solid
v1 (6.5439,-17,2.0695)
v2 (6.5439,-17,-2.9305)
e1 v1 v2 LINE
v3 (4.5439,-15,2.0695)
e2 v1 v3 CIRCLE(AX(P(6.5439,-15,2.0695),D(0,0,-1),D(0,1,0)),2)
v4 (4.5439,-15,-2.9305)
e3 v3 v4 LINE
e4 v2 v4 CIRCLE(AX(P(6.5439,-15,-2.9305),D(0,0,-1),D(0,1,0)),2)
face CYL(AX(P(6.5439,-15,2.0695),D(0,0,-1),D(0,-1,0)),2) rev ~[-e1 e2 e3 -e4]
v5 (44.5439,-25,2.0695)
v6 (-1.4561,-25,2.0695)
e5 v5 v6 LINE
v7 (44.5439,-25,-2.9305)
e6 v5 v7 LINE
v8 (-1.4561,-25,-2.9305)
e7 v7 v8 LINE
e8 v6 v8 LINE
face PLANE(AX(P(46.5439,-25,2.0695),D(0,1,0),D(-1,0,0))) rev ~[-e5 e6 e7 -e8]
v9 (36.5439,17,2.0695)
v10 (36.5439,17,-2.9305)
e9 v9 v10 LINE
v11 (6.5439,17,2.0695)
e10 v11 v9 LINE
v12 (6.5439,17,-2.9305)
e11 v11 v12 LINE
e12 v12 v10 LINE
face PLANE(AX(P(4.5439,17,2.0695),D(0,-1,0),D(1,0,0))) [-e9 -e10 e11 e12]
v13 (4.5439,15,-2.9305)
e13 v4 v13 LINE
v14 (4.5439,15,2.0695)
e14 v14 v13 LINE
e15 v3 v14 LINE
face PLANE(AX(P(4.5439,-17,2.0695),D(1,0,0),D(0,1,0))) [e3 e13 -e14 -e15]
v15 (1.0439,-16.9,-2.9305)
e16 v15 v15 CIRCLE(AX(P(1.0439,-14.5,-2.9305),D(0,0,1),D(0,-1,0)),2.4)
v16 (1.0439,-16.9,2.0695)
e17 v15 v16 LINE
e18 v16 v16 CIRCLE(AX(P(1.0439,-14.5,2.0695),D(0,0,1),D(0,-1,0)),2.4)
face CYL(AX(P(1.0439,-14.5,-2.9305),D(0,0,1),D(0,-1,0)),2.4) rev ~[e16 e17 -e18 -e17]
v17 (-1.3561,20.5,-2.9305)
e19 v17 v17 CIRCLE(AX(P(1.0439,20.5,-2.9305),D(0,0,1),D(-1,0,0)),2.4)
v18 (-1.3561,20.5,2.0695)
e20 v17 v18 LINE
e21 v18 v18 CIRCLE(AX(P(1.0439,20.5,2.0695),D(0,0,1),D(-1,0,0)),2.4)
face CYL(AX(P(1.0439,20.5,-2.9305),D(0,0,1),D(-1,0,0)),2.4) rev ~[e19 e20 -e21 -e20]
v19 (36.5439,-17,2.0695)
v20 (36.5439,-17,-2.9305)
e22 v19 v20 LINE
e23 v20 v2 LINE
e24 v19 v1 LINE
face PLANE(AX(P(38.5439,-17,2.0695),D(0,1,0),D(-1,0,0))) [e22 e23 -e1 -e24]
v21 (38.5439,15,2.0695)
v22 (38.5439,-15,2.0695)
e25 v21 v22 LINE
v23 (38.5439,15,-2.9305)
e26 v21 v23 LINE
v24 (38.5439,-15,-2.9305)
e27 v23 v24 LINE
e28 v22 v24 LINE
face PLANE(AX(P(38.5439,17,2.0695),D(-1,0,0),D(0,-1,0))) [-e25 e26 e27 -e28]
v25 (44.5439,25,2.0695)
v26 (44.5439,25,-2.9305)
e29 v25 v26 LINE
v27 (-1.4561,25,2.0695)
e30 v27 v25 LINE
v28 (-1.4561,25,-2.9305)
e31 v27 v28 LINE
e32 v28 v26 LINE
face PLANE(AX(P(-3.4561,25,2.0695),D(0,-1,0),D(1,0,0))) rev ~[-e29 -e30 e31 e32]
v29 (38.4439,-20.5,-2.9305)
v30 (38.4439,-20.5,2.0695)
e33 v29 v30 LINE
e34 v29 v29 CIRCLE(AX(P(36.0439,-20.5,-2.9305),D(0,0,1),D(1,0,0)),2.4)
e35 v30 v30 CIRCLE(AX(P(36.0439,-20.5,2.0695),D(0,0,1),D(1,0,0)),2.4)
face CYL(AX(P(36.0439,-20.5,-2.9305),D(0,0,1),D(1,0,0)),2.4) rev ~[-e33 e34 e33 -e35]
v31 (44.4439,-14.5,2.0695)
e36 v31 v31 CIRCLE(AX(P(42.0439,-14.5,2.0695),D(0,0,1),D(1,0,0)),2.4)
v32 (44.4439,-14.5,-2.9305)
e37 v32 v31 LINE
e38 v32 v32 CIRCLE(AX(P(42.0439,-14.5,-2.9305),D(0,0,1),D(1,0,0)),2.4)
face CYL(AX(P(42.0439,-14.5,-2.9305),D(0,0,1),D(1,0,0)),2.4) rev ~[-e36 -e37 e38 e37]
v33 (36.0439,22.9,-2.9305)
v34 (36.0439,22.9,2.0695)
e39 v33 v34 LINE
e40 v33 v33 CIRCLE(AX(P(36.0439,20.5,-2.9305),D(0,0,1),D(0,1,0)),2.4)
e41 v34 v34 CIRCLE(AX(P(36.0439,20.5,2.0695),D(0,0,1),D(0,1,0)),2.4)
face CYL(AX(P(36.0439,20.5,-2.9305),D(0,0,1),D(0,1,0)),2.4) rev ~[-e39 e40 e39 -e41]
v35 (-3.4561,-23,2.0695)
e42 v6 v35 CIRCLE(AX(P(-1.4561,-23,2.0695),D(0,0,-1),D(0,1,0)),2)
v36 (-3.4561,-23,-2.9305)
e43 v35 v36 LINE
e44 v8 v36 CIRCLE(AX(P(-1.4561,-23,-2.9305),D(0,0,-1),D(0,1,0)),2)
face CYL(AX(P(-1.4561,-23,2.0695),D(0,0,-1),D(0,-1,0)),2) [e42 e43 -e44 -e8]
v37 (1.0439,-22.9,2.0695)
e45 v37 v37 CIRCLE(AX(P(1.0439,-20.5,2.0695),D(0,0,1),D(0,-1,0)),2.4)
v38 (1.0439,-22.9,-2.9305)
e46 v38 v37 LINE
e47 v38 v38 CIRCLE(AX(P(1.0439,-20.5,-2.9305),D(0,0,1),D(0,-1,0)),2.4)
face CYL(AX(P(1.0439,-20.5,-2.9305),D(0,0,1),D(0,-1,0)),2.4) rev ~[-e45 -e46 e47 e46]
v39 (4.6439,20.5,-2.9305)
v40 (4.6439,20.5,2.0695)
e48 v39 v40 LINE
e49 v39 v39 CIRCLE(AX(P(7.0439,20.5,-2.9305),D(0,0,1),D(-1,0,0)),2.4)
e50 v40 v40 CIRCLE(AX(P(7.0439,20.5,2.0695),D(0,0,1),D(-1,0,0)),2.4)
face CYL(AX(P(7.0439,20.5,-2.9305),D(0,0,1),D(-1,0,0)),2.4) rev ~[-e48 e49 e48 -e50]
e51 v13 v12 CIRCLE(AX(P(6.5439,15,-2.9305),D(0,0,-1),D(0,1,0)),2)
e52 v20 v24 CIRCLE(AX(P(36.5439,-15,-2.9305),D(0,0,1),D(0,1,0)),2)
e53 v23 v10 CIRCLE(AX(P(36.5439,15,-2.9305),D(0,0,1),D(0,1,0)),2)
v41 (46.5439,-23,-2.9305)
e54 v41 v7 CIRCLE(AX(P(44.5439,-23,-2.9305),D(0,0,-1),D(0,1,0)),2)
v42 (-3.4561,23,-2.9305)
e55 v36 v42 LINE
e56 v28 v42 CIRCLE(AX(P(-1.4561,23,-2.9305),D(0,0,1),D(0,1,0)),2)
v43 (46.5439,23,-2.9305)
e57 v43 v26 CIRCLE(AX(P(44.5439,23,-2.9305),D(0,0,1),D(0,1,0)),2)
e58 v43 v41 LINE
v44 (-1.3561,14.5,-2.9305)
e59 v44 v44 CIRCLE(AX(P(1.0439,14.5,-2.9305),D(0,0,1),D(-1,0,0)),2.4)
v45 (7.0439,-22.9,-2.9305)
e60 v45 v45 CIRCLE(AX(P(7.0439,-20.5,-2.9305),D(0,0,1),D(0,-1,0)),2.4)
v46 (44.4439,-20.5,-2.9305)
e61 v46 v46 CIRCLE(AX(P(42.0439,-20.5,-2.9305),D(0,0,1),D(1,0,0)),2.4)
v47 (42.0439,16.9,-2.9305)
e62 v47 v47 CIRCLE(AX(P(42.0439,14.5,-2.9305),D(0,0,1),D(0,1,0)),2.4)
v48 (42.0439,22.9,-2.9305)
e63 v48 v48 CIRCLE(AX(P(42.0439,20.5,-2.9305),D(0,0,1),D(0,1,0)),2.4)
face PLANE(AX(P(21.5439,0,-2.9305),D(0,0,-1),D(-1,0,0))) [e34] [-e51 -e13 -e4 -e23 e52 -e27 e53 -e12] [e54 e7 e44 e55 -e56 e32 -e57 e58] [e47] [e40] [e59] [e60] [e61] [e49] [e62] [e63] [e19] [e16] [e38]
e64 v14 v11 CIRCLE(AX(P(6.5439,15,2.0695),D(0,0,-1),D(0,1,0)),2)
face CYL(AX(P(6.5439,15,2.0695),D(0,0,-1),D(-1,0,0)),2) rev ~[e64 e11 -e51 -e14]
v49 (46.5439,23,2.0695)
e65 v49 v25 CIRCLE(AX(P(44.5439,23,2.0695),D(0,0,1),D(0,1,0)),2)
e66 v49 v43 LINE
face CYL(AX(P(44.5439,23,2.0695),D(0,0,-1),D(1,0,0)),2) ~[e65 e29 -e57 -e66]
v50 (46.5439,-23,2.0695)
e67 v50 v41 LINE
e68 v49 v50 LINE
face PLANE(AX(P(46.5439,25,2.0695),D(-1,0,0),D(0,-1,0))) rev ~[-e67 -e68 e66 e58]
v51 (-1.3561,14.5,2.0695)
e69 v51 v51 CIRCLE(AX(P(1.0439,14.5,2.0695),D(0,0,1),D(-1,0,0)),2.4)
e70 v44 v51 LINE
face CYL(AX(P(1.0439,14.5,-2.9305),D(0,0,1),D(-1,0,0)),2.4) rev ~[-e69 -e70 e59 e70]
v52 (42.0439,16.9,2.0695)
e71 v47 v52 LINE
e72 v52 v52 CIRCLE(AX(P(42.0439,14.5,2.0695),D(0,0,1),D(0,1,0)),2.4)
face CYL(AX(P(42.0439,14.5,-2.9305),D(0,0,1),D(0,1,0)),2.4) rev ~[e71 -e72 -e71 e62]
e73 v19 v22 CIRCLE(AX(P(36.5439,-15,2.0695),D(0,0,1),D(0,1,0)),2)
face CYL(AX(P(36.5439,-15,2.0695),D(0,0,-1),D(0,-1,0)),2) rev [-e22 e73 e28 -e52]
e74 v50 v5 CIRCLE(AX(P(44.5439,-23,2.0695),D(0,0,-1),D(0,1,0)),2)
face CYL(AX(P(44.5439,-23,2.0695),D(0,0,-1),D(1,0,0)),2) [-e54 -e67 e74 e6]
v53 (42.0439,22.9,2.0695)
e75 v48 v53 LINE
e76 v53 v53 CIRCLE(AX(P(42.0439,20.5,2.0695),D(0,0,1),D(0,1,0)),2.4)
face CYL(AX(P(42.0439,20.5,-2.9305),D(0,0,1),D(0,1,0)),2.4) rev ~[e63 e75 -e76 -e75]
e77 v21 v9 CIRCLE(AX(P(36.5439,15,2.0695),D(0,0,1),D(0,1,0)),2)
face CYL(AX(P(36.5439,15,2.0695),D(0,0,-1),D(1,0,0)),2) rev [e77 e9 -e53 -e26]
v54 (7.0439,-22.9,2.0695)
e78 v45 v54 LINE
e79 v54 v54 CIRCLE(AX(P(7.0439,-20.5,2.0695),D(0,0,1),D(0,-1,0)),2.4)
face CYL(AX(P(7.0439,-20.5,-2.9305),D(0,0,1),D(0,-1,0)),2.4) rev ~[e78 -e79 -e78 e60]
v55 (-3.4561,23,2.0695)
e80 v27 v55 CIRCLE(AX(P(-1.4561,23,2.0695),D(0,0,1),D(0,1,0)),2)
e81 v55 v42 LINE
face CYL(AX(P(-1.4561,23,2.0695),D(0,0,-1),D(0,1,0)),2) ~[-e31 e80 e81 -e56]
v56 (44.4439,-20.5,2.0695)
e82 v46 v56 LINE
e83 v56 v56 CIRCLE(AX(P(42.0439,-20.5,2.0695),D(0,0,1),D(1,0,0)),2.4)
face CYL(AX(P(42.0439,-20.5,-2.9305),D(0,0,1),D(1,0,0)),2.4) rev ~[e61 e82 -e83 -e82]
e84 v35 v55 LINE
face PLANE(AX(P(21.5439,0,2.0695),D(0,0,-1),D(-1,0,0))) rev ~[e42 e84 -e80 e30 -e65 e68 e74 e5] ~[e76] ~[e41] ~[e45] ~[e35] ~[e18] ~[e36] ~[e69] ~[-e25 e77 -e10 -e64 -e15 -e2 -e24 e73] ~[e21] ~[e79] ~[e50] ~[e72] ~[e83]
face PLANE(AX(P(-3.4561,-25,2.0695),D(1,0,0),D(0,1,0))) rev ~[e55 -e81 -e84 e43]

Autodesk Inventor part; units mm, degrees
ref_plane "YZ Plane" through (0, 0, 0) normal (1, 0, 0) x (0, 1, 0)
ref_plane "XZ Plane" through (0, 0, 0) normal (0, 1, 0) x (-1, 0, 0)
ref_plane "XY Plane" through (0, 0, 0) normal (0, 0, 1) x (1, 0, 0)
ref_plane "Arbeitsebene1" through (21.5439, 0, 2.0695) normal (0, 0, -1) x (-1, 0, 0)
sketch "Skizze1" plane through (21.5439, 0, 2.0695) normal (0, 0, -1) x (-1, 0, 0)
  line L0 (-25, -25) -> (25, -25)
  line L1 (25, -25) -> (25, 25)
  line L2 (25, 25) -> (-25, 25)
  line L3 (-25, 25) -> (-25, -25)
  line L4 (-25, -25) -> (25, 25) construction
  line L5 (25, -25) -> (-25, 25) construction
  line L6 (-17, -17) -> (17, -17)
  line L7 (17, -17) -> (17, 17)
  line L8 (17, 17) -> (-17, 17)
  line L9 (-17, 17) -> (-17, -17)
  line L10 (-17, -17) -> (17, 17) construction
  line L11 (17, -17) -> (-17, 17) construction
  point P0 (21.5439, 0)
  point P1 (0, 0)
  point P2 (0, 0)
  dimension "d0" = 50
  dimension "d1" = 50
  dimension "d2" = 34
  dimension "d3" = 34
extrude "Extrusion1" add sketch "Skizze1" along normal blind 5
sketch "Skizze2" plane through (21.5439, 0, -2.9305) normal (0, 0, -1) x (-1, 0, 0)
  line L0 (21, 17) -> (21, -17) projected
  line L1 (25, -25) -> (25, 25) projected
  line L2 (25, 25) -> (-25, 25) projected
  line L3 (-25, 25) -> (-25, -25) projected
  line L4 (-25, -25) -> (25, -25) projected
  line L5 (-17, -17) -> (-17, 17) projected
  line L6 (-17, 17) -> (17, 17) projected
  line L7 (17, 17) -> (17, -17) projected
  line L8 (17, -17) -> (-17, -17) projected
  line L9 (20.5, -20.5) -> (-20.5, -20.5)
  line L10 (-20.5, -20.5) -> (-20.5, 20.5)
  line L11 (-20.5, 20.5) -> (20.5, 20.5)
  line L12 (20.5, 20.5) -> (20.5, -20.5)
  line L13 (20.5, -20.5) -> (-20.5, 20.5) construction
  line L14 (-20.5, -20.5) -> (20.5, 20.5) construction
  point P0 (21.5439, 0)
  point P1 (0, 0)
  point P2 (-14.5, 20.5)
  point P3 (-20.5, 14.5)
  dimension "d6" = 41
  dimension "d7" = 41
  dimension "d_pin" = 14.5
  dimension "d10" = 14.5
hole "Bohrung1" at (36.0439, 20.5, -2.9305) at (42.0439, 14.5, -2.9305) at (42.0439, 20.5, -2.9305) direction (0, 0, 1) diameter 4.8 end through all
ref_plane "Arbeitsebene2" through (21.5439, -25, 2.0695) normal (1, 0, 0) x (0, 0, -1)
ref_plane "Arbeitsebene3" through (-3.4561, 0, 2.0695) normal (0, -1, 0) x (1, 0, 0)
pattern_circular "Runde Anordnung1" count 4 over 360 about axis through (21.5439, 0, 2.0695) along (0, 0, 1) of "Bohrung1"
fillet "Rundung1" radius 2 8 edges at (38.5439, 17, -0.4305) (38.5439, -17, -0.4305) (4.5439, -17, -0.4305) (4.5439, 17, -0.4305) (-3.4561, 25, -0.4305) (-3.4561, -25, -0.4305) (46.5439, -25, -0.4305) (46.5439, 25, -0.4305)
equation "\"d10\" = d_pin"
properties part number "10_Base_v4"
